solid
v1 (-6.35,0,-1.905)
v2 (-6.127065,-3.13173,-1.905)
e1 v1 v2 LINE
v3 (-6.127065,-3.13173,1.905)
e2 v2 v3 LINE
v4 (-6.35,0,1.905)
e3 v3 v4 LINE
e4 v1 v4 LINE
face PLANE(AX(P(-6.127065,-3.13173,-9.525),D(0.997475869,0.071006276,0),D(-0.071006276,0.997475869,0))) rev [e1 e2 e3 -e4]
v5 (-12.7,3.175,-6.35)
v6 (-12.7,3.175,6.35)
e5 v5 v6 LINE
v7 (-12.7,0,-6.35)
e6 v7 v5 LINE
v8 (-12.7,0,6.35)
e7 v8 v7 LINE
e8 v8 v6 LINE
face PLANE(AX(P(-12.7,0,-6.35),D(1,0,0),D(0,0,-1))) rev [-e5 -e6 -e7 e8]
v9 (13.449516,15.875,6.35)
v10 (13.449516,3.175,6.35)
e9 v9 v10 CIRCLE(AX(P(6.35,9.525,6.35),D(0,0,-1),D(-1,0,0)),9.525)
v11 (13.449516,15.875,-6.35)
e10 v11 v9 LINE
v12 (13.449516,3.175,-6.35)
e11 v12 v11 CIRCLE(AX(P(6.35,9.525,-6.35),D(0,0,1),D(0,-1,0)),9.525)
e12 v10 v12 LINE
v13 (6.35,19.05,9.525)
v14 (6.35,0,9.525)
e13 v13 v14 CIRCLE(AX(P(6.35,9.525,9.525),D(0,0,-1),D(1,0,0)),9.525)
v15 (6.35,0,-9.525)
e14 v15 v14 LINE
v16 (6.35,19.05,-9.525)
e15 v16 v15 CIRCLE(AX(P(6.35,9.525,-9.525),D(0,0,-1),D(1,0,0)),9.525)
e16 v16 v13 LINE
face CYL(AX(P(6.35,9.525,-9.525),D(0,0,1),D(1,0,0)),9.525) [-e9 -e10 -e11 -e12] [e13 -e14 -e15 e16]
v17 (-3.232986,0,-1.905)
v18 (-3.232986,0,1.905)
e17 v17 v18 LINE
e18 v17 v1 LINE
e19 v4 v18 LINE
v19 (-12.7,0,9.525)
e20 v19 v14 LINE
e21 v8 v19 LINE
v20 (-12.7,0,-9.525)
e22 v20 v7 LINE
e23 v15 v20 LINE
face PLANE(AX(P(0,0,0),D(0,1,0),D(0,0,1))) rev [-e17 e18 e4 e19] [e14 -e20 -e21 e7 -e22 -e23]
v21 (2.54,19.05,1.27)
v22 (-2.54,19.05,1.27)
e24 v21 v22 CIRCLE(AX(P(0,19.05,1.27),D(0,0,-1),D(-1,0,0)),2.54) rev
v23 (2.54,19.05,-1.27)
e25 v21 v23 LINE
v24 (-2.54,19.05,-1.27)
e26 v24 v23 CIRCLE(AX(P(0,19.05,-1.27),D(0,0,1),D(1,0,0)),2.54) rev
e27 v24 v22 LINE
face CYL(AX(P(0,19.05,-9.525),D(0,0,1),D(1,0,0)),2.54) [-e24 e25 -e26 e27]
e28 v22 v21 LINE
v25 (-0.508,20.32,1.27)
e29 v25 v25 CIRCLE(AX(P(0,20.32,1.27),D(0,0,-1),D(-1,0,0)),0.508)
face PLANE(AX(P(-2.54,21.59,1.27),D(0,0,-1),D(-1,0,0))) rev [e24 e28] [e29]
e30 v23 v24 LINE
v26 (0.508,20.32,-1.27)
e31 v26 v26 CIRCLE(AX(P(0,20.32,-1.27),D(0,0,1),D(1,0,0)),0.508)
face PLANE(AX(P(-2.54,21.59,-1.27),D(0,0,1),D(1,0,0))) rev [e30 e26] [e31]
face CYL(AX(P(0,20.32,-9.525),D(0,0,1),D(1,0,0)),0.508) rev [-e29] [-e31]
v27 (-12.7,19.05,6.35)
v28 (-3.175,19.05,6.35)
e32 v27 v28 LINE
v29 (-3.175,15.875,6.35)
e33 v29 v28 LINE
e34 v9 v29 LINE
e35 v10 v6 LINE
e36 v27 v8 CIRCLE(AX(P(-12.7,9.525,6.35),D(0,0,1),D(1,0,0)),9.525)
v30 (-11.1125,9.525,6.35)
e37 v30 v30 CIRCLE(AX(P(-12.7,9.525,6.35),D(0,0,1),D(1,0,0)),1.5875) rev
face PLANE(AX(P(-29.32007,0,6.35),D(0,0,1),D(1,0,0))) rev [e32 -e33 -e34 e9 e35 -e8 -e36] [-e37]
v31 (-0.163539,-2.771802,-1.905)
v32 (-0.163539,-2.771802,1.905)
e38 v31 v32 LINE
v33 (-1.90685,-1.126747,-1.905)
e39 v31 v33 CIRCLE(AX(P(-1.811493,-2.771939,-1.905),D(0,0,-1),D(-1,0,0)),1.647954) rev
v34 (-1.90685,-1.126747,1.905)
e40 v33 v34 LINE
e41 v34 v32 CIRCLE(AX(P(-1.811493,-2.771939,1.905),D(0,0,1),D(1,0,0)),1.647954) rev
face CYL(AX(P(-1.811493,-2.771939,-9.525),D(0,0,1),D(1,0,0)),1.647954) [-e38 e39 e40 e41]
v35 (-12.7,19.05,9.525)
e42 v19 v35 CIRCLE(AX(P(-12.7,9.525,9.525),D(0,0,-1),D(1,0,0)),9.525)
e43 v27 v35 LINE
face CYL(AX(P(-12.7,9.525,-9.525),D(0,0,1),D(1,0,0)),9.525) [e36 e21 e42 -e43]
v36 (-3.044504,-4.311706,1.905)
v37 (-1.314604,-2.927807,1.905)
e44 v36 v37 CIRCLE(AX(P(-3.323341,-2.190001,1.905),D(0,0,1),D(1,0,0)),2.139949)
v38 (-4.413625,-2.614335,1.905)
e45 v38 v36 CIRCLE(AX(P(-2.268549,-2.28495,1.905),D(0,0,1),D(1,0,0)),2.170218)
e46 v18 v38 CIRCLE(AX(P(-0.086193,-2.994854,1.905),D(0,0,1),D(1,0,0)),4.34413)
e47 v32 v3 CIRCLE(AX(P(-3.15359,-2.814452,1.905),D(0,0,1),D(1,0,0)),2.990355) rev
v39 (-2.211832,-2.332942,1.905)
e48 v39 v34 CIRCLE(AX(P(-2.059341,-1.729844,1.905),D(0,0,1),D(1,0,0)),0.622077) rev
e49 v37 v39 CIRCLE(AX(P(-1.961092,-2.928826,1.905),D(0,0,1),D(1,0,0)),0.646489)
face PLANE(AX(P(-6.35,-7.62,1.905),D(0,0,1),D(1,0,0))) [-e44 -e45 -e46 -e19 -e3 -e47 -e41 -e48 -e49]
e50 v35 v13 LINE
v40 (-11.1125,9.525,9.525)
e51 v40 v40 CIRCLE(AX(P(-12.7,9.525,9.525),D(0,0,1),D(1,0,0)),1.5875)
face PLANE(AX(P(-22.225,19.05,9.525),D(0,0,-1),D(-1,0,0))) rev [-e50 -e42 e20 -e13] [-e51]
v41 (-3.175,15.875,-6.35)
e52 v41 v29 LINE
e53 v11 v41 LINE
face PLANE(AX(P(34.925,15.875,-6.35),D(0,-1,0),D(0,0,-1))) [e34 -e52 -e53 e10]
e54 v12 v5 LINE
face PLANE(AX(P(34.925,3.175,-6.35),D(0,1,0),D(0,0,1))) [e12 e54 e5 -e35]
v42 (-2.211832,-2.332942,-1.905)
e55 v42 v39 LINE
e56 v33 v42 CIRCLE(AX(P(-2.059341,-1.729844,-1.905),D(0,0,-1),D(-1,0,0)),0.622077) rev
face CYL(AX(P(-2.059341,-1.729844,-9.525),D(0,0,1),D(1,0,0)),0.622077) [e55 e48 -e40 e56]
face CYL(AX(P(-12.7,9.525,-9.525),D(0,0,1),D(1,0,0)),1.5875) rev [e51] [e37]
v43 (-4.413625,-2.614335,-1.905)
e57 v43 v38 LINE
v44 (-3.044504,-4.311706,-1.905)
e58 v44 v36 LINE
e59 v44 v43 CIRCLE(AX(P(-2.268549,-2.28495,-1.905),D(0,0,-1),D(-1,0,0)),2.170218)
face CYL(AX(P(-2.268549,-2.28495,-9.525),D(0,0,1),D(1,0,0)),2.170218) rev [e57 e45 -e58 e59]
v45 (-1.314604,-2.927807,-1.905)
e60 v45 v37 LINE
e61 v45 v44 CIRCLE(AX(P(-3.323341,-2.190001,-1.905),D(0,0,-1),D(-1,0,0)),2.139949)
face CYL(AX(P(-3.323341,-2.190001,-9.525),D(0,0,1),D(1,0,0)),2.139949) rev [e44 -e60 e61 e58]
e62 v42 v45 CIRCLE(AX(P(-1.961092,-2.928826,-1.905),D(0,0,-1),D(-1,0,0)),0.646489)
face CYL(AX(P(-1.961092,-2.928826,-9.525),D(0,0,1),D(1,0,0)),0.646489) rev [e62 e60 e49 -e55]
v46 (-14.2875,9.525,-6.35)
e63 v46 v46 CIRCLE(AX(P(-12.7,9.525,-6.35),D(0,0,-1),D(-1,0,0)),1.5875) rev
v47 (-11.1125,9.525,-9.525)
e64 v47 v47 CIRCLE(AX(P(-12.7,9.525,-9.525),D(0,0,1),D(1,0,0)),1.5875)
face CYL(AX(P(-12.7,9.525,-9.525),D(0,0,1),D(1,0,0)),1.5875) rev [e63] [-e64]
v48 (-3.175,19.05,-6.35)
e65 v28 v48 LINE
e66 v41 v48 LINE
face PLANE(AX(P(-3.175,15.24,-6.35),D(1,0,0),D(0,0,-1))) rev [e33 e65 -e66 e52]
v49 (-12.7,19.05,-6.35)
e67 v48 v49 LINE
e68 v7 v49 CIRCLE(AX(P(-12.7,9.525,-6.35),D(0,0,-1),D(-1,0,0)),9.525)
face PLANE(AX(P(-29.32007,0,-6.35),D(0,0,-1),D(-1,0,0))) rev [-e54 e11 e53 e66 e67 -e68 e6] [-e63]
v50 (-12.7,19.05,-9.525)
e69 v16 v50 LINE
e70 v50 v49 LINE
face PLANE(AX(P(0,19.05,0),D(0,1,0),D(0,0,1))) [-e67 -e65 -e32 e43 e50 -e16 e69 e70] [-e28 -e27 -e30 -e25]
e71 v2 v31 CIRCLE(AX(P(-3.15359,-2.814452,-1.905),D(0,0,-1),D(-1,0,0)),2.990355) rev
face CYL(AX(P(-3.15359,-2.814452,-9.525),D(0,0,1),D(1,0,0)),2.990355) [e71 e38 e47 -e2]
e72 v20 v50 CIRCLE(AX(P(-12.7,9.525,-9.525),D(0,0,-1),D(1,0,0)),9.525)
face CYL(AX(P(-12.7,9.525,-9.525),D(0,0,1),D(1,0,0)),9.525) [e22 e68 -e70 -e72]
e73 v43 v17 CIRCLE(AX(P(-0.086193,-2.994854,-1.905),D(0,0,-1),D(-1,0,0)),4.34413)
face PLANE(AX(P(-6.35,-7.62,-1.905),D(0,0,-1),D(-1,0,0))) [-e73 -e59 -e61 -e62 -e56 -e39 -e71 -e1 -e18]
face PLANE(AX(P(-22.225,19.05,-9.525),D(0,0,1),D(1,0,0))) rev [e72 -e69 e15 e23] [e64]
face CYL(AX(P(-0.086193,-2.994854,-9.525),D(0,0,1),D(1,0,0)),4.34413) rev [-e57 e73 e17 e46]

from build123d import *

# Parameters (mm, degrees)
SKETCH1_W           = 38.1
SKETCH1_H           = 19.05
BOSS_EXTRUDE1_DEPTH = 19.05
SKETCH2_R           = 1.5875
CUT_EXTRUDE2_DEPTH  = 19.05
SKETCH3_W           = 16.620070223
SKETCH3_H           = 12.7
CUT_EXTRUDE3_DEPTH  = 19.05
SKETCH4_W           = 12.7
SKETCH4_H           = 12.7
CUT_EXTRUDE4_DEPTH  = 50.8
SKETCH6_W           = 7.660570014
SKETCH6_H           = 3.81
BOSS_EXTRUDE2_DEPTH = 7.62
CUT_EXTRUDE6_DEPTH  = 19.05
SKETCH8_W           = 5.08
SKETCH8_H           = 2.54
BOSS_EXTRUDE3_DEPTH = 2.54
SKETCH9_R           = 0.508
CUT_EXTRUDE7_DEPTH  = 19.05
SKETCH10_W          = 9.525
SKETCH10_H          = 12.7
CUT_EXTRUDE8_DEPTH  = 3.81


with BuildPart() as part:
    # Sketch1 → Boss-Extrude1 (new body)
    with BuildSketch(Plane(origin=(0, 0, 0), x_dir=(1, 0, 0), z_dir=(0, 1, 0))):
        with Locations((-3.175, 0)):
            Rectangle(SKETCH1_W, SKETCH1_H)
    extrude(amount=BOSS_EXTRUDE1_DEPTH)

    # Sketch2 → Cut-Extrude2 (cut)
    with BuildSketch(Plane.XY.offset(9.525)):
        with Locations((-12.7, 9.525)):
            Circle(SKETCH2_R)
        with BuildLine():
            ThreePointArc((-12.7, 19.05), (-22.225, 9.525), (-12.7, 0))
            ThreePointArc((-12.7, 0), (-33.665146333, 9.525), (-12.7, 19.05))
        make_face()
        with BuildLine():
            ThreePointArc((6.35, 0), (15.875, 9.525), (6.35, 19.05))
            ThreePointArc((6.35, 19.05), (24.948138119, 9.525), (6.35, 0))
        make_face()
    extrude(amount=-CUT_EXTRUDE2_DEPTH, mode=Mode.SUBTRACT)

    # Sketch3 → Cut-Extrude3 (cut)
    with BuildSketch(Plane(origin=(0, 19.05, 0), x_dir=(1, 0, 0), z_dir=(0, 1, 0))):
        with Locations((-21.010035112, 0)):
            Rectangle(SKETCH3_W, SKETCH3_H)
    extrude(amount=-CUT_EXTRUDE3_DEPTH, mode=Mode.SUBTRACT)

    # Sketch4 → Cut-Extrude4 (cut)
    with BuildSketch(Plane(origin=(-15.875, 0, 0), x_dir=(0, 0, -1), z_dir=(1, 0, 0))):
        with Locations((0, 9.525)):
            Rectangle(SKETCH4_W, SKETCH4_H)
    extrude(amount=CUT_EXTRUDE4_DEPTH, mode=Mode.SUBTRACT)

    # Sketch6 → Boss-Extrude2 (add)
    with BuildSketch(Plane(origin=(0, 0, 0), x_dir=(1, 0, 0), z_dir=(0, 1, 0))):
        with Locations((-2.519714993, 0)):
            Rectangle(SKETCH6_W, SKETCH6_H)
    extrude(amount=-BOSS_EXTRUDE2_DEPTH)

    # Sketch7 → Cut-Extrude6 (cut)
    with BuildSketch(Plane.XY.offset(9.525)):
        with BuildLine():
            Line((-7.080935196, -3.131729905), (-6.858, 0))
            Line((-6.858, 0), (-6.858, -7.767816491))
            Line((-6.858, -7.767816491), (-14.771031914, -7.767816491))
            Line((-14.771031914, -7.767816491), (-14.771031914, 0))
            Line((-14.771031914, 0), (-9.975013633, 0))
            ThreePointArc((-9.975013633, 0), (-9.162678538, -1.206904896), (-8.794375076, -2.614335284))
            ThreePointArc((-8.794375076, -2.614335284), (-9.25025826, -3.647474967), (-10.163496252, -4.311706442))
            ThreePointArc((-10.163496252, -4.311706442), (-11.221462334, -3.861030674), (-11.89339597, -2.927807191))
            ThreePointArc((-11.89339597, -2.927807191), (-11.604147707, -2.390005207), (-10.996168015, -2.332941862))
            ThreePointArc((-10.996168015, -2.332941862), (-10.54556137, -1.577353268), (-11.301149964, -1.126746624))
            ThreePointArc((-11.301149964, -1.126746624), (-12.52752029, -1.573373178), (-13.044460874, -2.771802103))
            ThreePointArc((-13.044460874, -2.771802103), (-12.016160281, -5.071387383), (-9.595781192, -5.769427237))
            ThreePointArc((-9.595781192, -5.769427237), (-7.890109837, -4.877949662), (-7.080935196, -3.131729905))
        make_face()
        with BuildLine():
            Line((1.563031914, 0), (-3.232986367, 0))
            ThreePointArc((-3.232986367, 0), (-4.045321462, -1.206904896), (-4.413624924, -2.614335284))
            ThreePointArc((-4.413624924, -2.614335284), (-3.95774174, -3.647474967), (-3.044503748, -4.311706442))
            ThreePointArc((-3.044503748, -4.311706442), (-1.986537666, -3.861030674), (-1.31460403, -2.927807191))
            ThreePointArc((-1.31460403, -2.927807191), (-1.603852293, -2.390005207), (-2.211831985, -2.332941862))
            ThreePointArc((-2.211831985, -2.332941862), (-2.66243863, -1.577353268), (-1.906850036, -1.126746624))
            ThreePointArc((-1.906850036, -1.126746624), (-0.68047971, -1.573373178), (-0.163539126, -2.771802103))
            ThreePointArc((-0.163539126, -2.771802103), (-1.191839719, -5.071387383), (-3.612218808, -5.769427237))
            ThreePointArc((-3.612218808, -5.769427237), (-5.317890163, -4.877949662), (-6.127064804, -3.131729905))
            Line((-6.127064804, -3.131729905), (-6.35, 0))
            Line((-6.35, 0), (-6.35, -7.767816491))
            Line((-6.35, -7.767816491), (1.563031914, -7.767816491))
            Line((1.563031914, -7.767816491), (1.563031914, 0))
        make_face()
    extrude(amount=-CUT_EXTRUDE6_DEPTH, mode=Mode.SUBTRACT)

    # Sketch8 → Boss-Extrude3 (add)
    with BuildSketch(Plane(origin=(0, 19.05, 0), x_dir=(1, 0, 0), z_dir=(0, 1, 0))):
        Rectangle(SKETCH8_W, SKETCH8_H)
    extrude(amount=BOSS_EXTRUDE3_DEPTH)

    # Sketch9 → Cut-Extrude7 (cut)
    with BuildSketch(Plane.XY.offset(9.525)):
        with Locations((0, 20.32)):
            Circle(SKETCH9_R)
        with BuildLine():
            ThreePointArc((-2.54, 19.05), (0, 21.59), (2.54, 19.05))
            ThreePointArc((2.54, 19.05), (0, 23.383223271), (-2.54, 19.05))
        make_face()
    extrude(amount=-CUT_EXTRUDE7_DEPTH, mode=Mode.SUBTRACT)

    # Sketch10 → Cut-Extrude8 (cut)
    with BuildSketch(Plane(origin=(0, 19.05, 0), x_dir=(1, 0, 0), z_dir=(0, 1, 0))):
        with Locations((-7.9375, 0)):
            Rectangle(SKETCH10_W, SKETCH10_H)
    extrude(amount=-CUT_EXTRUDE8_DEPTH, mode=Mode.SUBTRACT)


solid = part.part
